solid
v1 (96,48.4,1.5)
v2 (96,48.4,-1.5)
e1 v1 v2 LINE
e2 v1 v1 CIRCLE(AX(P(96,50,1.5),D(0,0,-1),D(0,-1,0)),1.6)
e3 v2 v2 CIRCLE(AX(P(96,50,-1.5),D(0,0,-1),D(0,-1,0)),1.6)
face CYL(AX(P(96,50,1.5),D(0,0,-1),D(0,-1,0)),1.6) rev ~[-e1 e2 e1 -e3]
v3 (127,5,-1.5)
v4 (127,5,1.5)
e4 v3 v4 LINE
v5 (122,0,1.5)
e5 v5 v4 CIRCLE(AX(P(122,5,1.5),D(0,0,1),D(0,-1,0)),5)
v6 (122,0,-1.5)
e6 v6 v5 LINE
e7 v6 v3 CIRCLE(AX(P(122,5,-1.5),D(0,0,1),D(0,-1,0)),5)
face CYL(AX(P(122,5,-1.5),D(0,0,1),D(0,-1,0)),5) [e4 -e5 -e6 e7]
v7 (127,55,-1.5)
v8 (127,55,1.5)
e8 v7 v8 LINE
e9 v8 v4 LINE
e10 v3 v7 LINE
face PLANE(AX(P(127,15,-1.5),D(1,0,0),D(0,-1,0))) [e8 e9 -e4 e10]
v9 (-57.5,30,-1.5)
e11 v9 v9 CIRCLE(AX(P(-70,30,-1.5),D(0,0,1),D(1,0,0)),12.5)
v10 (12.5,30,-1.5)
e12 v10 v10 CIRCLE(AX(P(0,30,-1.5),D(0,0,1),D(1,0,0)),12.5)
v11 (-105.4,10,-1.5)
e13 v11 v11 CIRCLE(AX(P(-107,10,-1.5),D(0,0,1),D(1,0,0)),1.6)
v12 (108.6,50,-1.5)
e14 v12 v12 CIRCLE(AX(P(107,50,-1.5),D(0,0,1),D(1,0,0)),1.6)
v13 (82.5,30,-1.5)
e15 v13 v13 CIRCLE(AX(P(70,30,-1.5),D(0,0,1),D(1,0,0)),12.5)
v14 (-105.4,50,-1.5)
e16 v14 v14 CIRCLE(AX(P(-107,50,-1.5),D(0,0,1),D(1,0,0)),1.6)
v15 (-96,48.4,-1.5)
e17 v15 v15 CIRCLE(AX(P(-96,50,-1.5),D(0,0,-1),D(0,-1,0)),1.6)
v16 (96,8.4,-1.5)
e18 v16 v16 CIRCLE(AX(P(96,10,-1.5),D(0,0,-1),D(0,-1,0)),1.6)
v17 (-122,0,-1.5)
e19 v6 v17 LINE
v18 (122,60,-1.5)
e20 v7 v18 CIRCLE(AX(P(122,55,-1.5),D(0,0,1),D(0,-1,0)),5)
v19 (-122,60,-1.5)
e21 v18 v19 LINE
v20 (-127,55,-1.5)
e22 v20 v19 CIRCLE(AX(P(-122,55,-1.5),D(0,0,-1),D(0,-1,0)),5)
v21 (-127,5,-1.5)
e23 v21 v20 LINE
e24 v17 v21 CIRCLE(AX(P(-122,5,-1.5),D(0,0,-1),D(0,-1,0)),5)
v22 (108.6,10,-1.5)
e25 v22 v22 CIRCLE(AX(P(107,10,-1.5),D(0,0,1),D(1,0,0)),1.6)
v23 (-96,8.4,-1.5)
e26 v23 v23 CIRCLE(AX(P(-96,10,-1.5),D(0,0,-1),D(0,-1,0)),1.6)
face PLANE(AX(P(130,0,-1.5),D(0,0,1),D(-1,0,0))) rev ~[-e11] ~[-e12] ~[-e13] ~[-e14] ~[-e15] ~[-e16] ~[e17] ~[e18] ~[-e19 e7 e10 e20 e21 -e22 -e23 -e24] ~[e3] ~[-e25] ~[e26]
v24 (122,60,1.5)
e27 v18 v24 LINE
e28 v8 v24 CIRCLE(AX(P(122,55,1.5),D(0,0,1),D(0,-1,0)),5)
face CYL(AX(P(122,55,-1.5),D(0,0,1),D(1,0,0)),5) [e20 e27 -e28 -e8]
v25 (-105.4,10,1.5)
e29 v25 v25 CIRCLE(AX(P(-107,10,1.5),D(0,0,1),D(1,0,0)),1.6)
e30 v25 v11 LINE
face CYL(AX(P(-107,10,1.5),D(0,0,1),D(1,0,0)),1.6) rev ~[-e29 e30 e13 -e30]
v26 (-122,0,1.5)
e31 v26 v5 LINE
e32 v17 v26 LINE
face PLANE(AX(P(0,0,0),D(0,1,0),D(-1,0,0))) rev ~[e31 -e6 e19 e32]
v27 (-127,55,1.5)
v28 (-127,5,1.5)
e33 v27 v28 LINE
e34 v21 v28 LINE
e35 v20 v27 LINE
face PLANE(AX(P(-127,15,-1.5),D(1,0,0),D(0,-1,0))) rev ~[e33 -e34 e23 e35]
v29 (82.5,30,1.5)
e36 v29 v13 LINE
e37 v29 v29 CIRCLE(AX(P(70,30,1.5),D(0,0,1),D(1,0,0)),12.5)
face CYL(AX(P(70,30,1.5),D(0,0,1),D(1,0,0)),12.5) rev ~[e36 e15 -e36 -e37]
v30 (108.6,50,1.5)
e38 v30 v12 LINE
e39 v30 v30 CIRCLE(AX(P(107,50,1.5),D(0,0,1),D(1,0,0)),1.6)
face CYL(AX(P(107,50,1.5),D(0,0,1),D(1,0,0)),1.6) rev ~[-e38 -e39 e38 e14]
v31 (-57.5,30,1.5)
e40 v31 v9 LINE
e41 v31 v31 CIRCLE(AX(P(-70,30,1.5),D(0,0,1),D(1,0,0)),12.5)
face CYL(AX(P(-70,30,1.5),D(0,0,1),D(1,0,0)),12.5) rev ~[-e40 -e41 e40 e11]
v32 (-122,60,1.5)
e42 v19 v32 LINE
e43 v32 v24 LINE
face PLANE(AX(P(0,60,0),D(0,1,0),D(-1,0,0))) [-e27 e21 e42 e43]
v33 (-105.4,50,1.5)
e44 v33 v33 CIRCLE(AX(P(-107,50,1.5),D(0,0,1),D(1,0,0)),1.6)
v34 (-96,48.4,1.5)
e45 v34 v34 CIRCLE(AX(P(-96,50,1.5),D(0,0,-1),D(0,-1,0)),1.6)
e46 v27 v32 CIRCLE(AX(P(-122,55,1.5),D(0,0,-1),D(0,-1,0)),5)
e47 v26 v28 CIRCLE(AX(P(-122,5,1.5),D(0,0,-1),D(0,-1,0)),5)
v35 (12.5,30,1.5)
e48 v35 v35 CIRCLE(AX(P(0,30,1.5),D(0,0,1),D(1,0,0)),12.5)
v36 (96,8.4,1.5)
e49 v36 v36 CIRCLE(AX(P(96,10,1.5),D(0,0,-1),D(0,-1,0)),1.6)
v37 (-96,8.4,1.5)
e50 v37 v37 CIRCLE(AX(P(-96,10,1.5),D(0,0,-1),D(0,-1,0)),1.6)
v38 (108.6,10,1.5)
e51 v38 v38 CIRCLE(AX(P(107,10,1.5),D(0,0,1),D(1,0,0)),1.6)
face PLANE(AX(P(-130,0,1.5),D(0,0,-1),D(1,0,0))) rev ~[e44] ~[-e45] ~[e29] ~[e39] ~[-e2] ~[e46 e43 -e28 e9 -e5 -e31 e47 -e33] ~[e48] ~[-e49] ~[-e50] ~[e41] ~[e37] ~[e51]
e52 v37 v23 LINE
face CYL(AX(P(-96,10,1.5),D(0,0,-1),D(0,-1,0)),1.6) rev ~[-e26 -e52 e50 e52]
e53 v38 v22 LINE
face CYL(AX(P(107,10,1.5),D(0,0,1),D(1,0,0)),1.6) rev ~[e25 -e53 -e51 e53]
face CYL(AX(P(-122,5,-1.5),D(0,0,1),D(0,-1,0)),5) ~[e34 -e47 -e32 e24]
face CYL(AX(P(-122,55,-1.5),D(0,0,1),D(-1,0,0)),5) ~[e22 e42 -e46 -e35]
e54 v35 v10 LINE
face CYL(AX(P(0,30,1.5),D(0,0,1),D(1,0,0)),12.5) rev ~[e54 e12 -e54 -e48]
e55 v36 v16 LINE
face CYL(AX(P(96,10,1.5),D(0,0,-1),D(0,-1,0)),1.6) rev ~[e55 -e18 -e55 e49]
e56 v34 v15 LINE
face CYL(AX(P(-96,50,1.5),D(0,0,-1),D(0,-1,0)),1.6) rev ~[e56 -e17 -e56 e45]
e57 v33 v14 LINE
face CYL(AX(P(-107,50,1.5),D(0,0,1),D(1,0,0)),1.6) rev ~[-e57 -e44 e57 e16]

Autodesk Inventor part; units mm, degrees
ref_plane "YZ Plane" through (0, 0, 0) normal (1, 0, 0) x (0, 1, 0)
ref_plane "XZ Plane" through (0, 0, 0) normal (0, 1, 0) x (-1, 0, 0)
ref_plane "XY Plane" through (0, 0, 0) normal (0, 0, 1) x (1, 0, 0)
sketch "スケッチ1" plane through (0, 0, 0) normal (0, 1, 0) x (-1, 0, 0)
  line L0 (130, 1.5) -> (-130, 1.5)
  line L1 (-130, 1.5) -> (-130, -1.5)
  line L2 (-130, -1.5) -> (130, -1.5)
  line L3 (130, -1.5) -> (130, 1.5)
  line L4 (130, 1.5) -> (-130, -1.5) construction
  line L5 (-130, 1.5) -> (130, -1.5) construction
  point P0 (0, 0)
  dimension "d0" = 260
  dimension "d1" = 3
extrude "押し出し1" add sketch "スケッチ1" along normal blind 60
sketch "スケッチ3" plane through (-130, 0, 1.5) normal (0, 0, 1) x (1, 0, 0)
  circle A0 centre (60, 30) radius 12.5
  circle A1 centre (130, 30) radius 12.5
  circle A2 centre (200, 30) radius 12.5
  line L0 (0, 0) -> (0, 60) projected
  line L1 (260, 0) -> (260, 60) projected
  point P0 (130, 0)
  point P1 (0, 30)
  point P2 (260, 30)
  dimension "d10" = 25
  dimension "d11" = 25
  dimension "d12" = 25
  dimension "d15" = 60
  dimension "d16" = 60
  dimension "d18" = 0
  dimension "d21" = 0
extrude "押し出し3" cut sketch "スケッチ3" against normal through all
sketch "スケッチ5" plane through (130, 0, -1.5) normal (0, 0, -1) x (-1, 0, 0)
  line L0 (0, 0) -> (260, 0) projected
  line L1 (0, 60) -> (3, 60)
  line L2 (3, 60) -> (3, 0)
  line L3 (3, 0) -> (0, 0)
  line L4 (0, 0) -> (0, 60)
  line L5 (0, 45) -> (3, 45)
  line L6 (3, 45) -> (3, 15)
  line L7 (3, 15) -> (0, 15)
  line L8 (0, 15) -> (0, 45)
  line L9 (0, 60) -> (260, 60) projected
  line L10 (130, 60) -> (130, 0)
  line L11 (260, 0) -> (0, 0)
  line L12 (260, 60) -> (257, 60)
  line L13 (257, 60) -> (257, 0)
  line L14 (260, 0) -> (260, 60)
  line L15 (260, 45) -> (257, 45)
  line L16 (257, 15) -> (260, 15)
  point P0 (1.5, 45)
  point P1 (1.5, 60)
  point P2 (1.5, 15)
  point P3 (1.5, 0)
  point P4 (258.5, 15)
  point P5 (257, 0)
  point P6 (257, 60)
  point P7 (0, 15)
  point P8 (3, 45)
  dimension "d22" = 3
  dimension "d23" = 15
  dimension "d24" = 15
extrude "押し出し4" cut sketch "スケッチ5" against normal through all contours L4 L7 L2 L0 | L4 L5 L2 L7 | L4 L1 L2 L5 | L13 L16 L14 L0 | L13 L15 L14 L16 | L9 L14 L15 L13
sketch "スケッチ8" plane through (-127, 0, 1.5) normal (0, 0, 1) x (1, 0, 0)
  circle A0 centre (20, 50) radius 1.6
  circle A1 centre (20, 10) radius 1.6
  line L0 (0, 60) -> (0, 0) projected
  line L1 (0, 60) -> (254, 60) projected
  line L2 (0, 0) -> (254, 0) projected
  line L3 (127, 60) -> (127, 0)
  circle A2 centre (234, 50) radius 1.6
  circle A3 centre (234, 10) radius 1.6
  dimension "d31" = 20
  dimension "d32" = 10
  dimension "d33" = 20
  dimension "d34" = 10
  dimension "d35" = 3.2
  dimension "d36" = 3.2
extrude "押し出し7" cut sketch "スケッチ8" against normal through all contours A0 | A1 | A2 | A3
fillet "フィレット1" radius 5 4 edges at (-127, 60, 0) (-127, 0, 0) (127, 60, 0) (127, 0, 0)
sketch "スケッチ13" plane through (-122, 0, 1.5) normal (0, 0, 1) x (1, 0, 0)
  line L0 (244, 60) -> (0, 60) projected
  line L1 (122, 60) -> (122, 0)
  circle A0 centre (15, 50) radius 1.6 projected
  circle A1 centre (15, 10) radius 1.6 projected
  point P0 (26, 50)
  point P1 (26, 10)
  point P2 (218, 50)
  point P3 (218, 10)
  dimension "d60" = 11
  dimension "d61" = 11
  dimension "d62" = 40
  dimension "d63" = 10
hole "穴1" at (-96, 50, 1.5) at (-96, 10, 1.5) at (96, 50, 1.5) at (96, 10, 1.5) direction (0, 0, -1) diameter 3.2 end through all
equation "\"d36\" = d35"
equation "\"d61\" = d60"
properties part number "BP_BOX-Front-60" material "アセタール樹脂、白"
